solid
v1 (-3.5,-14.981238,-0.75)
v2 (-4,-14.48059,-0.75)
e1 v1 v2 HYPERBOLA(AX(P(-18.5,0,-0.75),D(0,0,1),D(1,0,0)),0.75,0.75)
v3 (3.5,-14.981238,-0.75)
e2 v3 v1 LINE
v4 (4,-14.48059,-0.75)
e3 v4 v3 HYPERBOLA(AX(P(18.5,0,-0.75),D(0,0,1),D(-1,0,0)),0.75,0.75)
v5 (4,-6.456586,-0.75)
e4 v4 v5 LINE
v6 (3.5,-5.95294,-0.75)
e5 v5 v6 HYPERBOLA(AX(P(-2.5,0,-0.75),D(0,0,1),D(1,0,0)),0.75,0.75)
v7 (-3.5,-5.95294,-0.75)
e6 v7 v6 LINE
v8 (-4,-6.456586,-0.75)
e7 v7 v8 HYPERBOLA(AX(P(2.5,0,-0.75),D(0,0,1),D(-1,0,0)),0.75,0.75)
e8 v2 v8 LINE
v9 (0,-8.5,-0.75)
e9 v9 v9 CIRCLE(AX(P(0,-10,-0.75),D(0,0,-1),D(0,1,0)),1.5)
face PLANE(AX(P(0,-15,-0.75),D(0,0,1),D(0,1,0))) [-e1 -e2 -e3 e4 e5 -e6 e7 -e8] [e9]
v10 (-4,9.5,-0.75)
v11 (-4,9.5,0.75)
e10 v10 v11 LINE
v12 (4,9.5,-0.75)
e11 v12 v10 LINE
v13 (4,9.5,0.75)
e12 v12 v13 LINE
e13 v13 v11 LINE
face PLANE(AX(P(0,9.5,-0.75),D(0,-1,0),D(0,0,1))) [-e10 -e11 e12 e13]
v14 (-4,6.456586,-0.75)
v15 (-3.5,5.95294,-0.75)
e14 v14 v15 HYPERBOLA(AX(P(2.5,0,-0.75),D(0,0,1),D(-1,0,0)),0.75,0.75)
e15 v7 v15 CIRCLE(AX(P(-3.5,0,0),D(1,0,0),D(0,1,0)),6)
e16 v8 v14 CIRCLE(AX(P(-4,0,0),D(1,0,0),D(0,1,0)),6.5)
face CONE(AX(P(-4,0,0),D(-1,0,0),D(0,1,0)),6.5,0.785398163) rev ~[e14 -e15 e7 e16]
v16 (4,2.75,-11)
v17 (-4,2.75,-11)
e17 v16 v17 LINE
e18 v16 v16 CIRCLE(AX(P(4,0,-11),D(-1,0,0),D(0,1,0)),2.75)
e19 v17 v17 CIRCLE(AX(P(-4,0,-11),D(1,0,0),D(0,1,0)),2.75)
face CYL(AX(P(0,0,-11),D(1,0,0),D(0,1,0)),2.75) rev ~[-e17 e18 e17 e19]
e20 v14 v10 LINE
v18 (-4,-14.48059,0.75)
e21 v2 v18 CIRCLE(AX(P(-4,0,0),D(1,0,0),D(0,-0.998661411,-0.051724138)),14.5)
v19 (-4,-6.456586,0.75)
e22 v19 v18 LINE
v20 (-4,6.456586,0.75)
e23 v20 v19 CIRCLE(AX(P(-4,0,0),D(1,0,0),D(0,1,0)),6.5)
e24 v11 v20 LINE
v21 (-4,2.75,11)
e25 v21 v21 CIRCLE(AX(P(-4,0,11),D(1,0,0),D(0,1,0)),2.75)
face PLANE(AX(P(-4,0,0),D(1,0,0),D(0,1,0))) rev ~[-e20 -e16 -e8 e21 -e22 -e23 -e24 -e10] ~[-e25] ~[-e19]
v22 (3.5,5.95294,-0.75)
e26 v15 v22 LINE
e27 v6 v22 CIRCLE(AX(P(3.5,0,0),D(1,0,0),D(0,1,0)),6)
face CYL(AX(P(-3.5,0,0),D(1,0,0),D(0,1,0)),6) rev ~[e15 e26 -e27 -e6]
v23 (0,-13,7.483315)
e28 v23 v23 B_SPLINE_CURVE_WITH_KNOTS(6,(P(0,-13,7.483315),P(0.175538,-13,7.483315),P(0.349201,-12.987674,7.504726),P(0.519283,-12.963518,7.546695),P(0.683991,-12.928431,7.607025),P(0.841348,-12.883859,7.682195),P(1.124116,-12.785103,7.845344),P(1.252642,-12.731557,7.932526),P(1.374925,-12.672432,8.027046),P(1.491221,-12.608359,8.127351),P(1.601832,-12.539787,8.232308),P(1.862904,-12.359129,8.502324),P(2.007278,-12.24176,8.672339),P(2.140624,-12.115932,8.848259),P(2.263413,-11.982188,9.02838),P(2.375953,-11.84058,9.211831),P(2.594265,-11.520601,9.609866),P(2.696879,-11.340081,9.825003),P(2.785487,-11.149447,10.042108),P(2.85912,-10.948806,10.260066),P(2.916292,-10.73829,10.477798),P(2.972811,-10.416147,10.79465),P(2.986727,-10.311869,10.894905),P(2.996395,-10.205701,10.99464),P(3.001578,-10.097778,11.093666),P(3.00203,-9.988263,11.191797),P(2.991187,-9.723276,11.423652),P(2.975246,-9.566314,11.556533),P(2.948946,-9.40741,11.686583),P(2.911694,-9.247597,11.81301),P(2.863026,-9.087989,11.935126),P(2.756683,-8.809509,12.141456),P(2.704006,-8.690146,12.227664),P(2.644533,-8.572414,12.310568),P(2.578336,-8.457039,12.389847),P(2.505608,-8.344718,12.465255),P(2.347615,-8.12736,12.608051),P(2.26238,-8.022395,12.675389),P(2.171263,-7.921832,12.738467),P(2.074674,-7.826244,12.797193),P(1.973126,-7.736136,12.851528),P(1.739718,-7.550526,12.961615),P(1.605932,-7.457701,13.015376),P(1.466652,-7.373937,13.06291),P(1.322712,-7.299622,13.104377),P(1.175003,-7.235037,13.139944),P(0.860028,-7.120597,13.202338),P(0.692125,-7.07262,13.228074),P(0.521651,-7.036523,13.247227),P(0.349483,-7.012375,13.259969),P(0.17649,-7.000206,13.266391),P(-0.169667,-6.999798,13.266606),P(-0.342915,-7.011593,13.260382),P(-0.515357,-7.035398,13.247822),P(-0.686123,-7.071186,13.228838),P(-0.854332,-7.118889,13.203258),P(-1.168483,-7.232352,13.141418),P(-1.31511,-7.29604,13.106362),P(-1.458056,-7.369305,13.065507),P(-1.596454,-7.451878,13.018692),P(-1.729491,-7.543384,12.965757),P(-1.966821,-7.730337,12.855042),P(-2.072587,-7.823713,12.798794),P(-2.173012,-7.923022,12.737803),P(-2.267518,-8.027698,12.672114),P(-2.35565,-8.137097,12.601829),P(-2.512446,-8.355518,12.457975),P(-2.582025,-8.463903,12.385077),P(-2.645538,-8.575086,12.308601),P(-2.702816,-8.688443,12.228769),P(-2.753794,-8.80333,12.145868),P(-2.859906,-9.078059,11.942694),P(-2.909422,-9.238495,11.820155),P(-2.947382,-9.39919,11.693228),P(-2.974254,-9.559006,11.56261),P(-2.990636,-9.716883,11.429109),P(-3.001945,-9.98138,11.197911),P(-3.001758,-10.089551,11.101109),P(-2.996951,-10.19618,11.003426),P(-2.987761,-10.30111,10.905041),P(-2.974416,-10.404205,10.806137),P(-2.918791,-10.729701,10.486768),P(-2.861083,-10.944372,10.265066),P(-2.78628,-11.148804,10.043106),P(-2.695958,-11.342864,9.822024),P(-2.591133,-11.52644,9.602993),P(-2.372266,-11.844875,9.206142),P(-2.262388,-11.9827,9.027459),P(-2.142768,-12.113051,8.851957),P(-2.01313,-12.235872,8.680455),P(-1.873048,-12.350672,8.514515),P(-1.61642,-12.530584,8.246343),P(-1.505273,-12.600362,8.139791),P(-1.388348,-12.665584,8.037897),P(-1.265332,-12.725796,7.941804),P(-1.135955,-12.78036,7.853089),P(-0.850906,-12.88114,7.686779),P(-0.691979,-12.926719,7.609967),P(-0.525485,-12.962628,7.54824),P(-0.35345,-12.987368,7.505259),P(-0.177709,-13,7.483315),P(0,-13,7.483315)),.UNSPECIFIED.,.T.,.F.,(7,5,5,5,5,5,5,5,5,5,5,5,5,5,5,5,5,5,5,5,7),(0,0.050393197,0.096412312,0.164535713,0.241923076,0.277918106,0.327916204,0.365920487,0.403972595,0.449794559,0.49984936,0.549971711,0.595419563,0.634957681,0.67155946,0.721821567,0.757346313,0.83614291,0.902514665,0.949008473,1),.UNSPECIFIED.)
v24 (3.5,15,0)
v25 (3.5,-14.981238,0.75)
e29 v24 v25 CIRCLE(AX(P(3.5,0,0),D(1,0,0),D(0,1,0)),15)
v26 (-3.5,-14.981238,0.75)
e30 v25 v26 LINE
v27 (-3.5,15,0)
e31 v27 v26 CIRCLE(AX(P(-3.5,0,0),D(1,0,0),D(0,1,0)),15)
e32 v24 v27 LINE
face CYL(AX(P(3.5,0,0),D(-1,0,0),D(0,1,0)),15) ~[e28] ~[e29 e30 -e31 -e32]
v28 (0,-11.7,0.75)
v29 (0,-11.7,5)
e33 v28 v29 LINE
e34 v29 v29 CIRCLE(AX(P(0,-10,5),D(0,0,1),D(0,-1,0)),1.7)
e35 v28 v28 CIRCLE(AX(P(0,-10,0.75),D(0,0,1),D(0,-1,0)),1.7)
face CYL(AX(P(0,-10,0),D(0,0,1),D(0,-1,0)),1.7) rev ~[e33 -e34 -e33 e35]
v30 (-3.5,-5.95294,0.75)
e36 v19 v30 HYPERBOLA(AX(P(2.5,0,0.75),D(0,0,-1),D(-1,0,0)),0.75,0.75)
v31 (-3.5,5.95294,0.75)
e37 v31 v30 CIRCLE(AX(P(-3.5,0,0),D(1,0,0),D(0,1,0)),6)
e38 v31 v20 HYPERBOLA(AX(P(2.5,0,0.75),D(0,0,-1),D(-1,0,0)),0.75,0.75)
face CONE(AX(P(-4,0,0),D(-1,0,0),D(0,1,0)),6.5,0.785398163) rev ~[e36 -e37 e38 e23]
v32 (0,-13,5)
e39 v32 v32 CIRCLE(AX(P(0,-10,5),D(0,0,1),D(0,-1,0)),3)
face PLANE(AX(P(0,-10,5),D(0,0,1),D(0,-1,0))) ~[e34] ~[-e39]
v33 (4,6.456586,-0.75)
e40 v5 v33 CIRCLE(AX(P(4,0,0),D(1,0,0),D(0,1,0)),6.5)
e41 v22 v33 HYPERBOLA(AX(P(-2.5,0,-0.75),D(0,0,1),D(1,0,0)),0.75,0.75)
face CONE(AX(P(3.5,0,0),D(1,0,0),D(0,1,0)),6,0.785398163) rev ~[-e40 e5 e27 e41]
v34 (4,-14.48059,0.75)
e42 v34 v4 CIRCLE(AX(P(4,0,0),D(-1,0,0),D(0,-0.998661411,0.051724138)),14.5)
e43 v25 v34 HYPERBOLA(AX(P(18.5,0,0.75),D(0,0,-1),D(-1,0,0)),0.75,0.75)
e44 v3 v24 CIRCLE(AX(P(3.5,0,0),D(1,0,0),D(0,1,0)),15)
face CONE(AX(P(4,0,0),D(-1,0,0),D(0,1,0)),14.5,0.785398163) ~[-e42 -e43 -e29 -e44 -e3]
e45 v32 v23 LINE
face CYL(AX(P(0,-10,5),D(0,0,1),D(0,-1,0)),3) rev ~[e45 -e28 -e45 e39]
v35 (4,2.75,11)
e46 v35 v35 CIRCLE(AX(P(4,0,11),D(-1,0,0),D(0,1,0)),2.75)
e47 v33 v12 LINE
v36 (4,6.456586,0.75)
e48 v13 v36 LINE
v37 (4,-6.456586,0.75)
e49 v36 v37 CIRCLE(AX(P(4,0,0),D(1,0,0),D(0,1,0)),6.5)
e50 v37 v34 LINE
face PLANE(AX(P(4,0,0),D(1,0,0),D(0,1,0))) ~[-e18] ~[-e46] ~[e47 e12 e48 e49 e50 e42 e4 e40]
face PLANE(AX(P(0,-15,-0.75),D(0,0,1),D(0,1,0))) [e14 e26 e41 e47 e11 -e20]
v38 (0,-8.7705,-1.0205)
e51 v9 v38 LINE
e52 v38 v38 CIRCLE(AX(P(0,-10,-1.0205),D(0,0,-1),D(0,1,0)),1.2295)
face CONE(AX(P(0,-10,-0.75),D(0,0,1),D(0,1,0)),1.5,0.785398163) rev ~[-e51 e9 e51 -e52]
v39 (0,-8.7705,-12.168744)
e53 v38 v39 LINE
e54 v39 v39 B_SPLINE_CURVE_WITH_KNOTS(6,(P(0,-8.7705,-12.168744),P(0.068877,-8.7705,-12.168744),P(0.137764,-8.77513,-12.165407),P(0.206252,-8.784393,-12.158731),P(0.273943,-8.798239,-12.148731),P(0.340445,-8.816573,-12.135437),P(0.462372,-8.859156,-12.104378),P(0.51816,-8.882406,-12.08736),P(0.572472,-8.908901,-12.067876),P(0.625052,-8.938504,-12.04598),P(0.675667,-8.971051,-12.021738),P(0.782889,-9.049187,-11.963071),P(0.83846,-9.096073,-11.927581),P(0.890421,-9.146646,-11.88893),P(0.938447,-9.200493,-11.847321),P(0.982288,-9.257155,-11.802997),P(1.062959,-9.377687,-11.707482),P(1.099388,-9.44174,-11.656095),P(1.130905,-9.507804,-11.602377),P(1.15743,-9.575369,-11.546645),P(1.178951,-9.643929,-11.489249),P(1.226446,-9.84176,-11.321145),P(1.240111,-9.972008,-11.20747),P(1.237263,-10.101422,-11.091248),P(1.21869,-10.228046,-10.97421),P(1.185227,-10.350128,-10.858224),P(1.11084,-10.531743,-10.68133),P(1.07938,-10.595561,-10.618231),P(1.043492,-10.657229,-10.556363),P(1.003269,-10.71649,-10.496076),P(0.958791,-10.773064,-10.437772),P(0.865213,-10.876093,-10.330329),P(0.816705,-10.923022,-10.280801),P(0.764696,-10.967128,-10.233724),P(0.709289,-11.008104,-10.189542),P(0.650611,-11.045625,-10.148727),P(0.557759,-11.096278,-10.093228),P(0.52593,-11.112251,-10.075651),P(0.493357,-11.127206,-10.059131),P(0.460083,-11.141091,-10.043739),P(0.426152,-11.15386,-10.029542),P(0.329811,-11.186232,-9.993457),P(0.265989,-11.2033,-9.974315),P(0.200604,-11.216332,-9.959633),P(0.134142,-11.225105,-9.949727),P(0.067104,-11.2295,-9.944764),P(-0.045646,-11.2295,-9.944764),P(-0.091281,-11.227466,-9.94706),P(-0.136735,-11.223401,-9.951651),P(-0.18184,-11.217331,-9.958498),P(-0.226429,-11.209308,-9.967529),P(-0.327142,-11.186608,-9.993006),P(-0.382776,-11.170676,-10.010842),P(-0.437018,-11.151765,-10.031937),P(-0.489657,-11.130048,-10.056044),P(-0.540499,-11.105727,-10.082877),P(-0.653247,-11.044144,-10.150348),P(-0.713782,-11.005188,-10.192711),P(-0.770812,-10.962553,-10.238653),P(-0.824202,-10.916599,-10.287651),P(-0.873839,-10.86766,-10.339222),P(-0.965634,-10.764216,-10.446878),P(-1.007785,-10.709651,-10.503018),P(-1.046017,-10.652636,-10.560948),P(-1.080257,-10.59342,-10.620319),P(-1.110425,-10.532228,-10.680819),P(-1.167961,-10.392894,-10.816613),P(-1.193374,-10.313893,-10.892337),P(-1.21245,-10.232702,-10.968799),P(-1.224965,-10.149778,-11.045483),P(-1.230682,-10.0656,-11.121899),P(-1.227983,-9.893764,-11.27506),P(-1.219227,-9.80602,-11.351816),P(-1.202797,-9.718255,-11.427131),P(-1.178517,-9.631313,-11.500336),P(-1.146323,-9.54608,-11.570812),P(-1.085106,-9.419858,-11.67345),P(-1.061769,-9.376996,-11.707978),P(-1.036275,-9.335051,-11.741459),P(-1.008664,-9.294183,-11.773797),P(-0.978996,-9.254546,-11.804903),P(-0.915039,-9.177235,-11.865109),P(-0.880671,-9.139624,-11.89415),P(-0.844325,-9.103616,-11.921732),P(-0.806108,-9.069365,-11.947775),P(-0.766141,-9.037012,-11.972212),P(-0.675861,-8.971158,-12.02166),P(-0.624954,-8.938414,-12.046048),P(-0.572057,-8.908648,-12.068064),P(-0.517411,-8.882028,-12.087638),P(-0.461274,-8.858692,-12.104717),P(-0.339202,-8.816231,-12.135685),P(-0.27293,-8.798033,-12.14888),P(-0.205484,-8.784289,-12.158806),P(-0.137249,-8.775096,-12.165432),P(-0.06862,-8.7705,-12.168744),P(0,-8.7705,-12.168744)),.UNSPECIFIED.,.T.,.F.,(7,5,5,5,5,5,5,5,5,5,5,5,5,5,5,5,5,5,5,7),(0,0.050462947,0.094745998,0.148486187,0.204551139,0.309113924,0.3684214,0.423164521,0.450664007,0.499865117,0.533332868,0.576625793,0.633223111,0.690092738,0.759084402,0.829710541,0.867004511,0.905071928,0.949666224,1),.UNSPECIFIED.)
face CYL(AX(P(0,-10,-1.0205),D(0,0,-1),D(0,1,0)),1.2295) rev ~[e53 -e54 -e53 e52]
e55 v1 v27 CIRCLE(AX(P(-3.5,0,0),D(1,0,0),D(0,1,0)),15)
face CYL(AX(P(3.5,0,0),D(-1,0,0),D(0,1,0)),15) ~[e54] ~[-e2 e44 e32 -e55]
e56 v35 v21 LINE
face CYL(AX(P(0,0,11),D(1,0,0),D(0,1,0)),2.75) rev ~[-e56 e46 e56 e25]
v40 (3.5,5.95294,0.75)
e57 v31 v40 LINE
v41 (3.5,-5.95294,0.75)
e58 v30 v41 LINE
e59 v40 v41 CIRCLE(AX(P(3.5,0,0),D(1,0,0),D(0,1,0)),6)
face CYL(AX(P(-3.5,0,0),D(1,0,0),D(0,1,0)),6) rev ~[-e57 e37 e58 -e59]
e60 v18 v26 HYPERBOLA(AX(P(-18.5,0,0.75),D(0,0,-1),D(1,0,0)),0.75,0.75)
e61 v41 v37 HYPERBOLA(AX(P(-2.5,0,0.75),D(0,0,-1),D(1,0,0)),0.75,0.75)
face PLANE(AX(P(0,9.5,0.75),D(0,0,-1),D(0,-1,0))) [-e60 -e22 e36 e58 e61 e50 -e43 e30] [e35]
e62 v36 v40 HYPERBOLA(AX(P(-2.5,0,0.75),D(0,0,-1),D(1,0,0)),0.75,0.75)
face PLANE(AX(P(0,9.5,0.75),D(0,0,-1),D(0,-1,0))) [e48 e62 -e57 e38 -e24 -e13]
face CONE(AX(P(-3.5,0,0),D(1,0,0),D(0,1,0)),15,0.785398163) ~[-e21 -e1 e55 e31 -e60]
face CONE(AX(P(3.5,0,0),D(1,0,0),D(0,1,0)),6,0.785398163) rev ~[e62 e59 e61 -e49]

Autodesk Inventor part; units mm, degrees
sketch "Sketch_1" plane through (0, 0, 0) normal (0, 0, 1) x (1, 0, 0)
  line L0 (4, 0) -> (-4, 0)
  line L1 (-4, 14.5) -> (-4, 6.5)
  line L2 (-4, 6.5) -> (-3.5, 6)
  line L3 (-3.5, 6) -> (3.5, 6)
  line L4 (3.5, 6) -> (4, 6.5)
  line L5 (4, 6.5) -> (4, 14.5)
  line L6 (4, 14.5) -> (3.5, 15)
  line L7 (3.5, 15) -> (-3.5, 15)
  line L8 (-3.5, 15) -> (-4, 14.5)
revolve "Revolution1" add sketch "Sketch_1" angle 360 about axis through (4, 0, 0) along (1, 0, 0)
sketch "Sketch_2" plane through (0, 0, 0) normal (1, 0, 0) x (0, 1, 0)
  line L0 (-15, 0.75) -> (-15, -0.75)
  line L1 (-15, -0.75) -> (9.5, -0.75)
  line L2 (9.5, -0.75) -> (9.5, 0.75)
  line L3 (9.5, 0.75) -> (-15, 0.75)
extrude "Extrusion1" cut sketch "Sketch_2" along normal mid plane 8
sketch "Sketch_3" plane through (0, 0, 0) normal (1, 0, 0) x (0, 1, 0)
  line L0 (-10, 15) -> (-10, 0)
  line L1 (-10, 0) -> (-11.7, 0)
  line L2 (-11.7, 0) -> (-11.7, 5)
  line L3 (-11.7, 5) -> (-13, 5)
  line L4 (-13, 5) -> (-13, 15)
  line L5 (-13, 15) -> (-10, 15)
  line L6 (-10, 15) -> (-10, 0)
revolve "Revolution2" cut sketch "Sketch_3" angle 360 about axis through (0, -10, 15) along (0, 0, 1)
sketch "Sketch_4" plane through (0, 0, 0) normal (1, 0, 0) x (0, 1, 0)
  line L0 (-10, -15.75) -> (-10, -0.75)
  line L1 (-10, -0.75) -> (-8.5, -0.75)
  line L2 (-8.5, -0.75) -> (-8.7705, -1.0205)
  line L3 (-8.7705, -1.0205) -> (-8.7705, -15.75)
  line L4 (-8.7705, -15.75) -> (-10, -15.75)
  line L5 (-10, -15.75) -> (-10, -0.75)
revolve "Revolution3" cut sketch "Sketch_4" angle 360 about axis through (0, -10, -15.75) along (0, 0, -1)
thread "Thread1" size "M3x0.5" class "6H" standard "ISO Metric profile" length 11.3387
sketch "Sketch_7" plane through (0, 0, 0) normal (1, 0, 0) x (0, 1, 0)
  circle A0 centre (0, -11) radius 2.75
extrude "Extrusion2" cut sketch "Sketch_7" along normal mid plane 16
sketch "Sketch_8" plane through (0, 0, 0) normal (1, 0, 0) x (0, 1, 0)
  circle A0 centre (0, 11) radius 2.75
extrude "Extrusion3" cut sketch "Sketch_8" along normal mid plane 16
ref_plane "body_screw_XY" through (0, -10, 5) normal (0, 0, 1) x (1, 0, 0)
ref_plane "body_screw_YZ" through (0, -10, 5) normal (1, 0, 0) x (0, 1, 0)
ref_plane "body_screw_ZX" through (0, -10, 5) normal (0, 1, 0) x (0, 0, 1)
properties part number "SSCSM12-8b"
